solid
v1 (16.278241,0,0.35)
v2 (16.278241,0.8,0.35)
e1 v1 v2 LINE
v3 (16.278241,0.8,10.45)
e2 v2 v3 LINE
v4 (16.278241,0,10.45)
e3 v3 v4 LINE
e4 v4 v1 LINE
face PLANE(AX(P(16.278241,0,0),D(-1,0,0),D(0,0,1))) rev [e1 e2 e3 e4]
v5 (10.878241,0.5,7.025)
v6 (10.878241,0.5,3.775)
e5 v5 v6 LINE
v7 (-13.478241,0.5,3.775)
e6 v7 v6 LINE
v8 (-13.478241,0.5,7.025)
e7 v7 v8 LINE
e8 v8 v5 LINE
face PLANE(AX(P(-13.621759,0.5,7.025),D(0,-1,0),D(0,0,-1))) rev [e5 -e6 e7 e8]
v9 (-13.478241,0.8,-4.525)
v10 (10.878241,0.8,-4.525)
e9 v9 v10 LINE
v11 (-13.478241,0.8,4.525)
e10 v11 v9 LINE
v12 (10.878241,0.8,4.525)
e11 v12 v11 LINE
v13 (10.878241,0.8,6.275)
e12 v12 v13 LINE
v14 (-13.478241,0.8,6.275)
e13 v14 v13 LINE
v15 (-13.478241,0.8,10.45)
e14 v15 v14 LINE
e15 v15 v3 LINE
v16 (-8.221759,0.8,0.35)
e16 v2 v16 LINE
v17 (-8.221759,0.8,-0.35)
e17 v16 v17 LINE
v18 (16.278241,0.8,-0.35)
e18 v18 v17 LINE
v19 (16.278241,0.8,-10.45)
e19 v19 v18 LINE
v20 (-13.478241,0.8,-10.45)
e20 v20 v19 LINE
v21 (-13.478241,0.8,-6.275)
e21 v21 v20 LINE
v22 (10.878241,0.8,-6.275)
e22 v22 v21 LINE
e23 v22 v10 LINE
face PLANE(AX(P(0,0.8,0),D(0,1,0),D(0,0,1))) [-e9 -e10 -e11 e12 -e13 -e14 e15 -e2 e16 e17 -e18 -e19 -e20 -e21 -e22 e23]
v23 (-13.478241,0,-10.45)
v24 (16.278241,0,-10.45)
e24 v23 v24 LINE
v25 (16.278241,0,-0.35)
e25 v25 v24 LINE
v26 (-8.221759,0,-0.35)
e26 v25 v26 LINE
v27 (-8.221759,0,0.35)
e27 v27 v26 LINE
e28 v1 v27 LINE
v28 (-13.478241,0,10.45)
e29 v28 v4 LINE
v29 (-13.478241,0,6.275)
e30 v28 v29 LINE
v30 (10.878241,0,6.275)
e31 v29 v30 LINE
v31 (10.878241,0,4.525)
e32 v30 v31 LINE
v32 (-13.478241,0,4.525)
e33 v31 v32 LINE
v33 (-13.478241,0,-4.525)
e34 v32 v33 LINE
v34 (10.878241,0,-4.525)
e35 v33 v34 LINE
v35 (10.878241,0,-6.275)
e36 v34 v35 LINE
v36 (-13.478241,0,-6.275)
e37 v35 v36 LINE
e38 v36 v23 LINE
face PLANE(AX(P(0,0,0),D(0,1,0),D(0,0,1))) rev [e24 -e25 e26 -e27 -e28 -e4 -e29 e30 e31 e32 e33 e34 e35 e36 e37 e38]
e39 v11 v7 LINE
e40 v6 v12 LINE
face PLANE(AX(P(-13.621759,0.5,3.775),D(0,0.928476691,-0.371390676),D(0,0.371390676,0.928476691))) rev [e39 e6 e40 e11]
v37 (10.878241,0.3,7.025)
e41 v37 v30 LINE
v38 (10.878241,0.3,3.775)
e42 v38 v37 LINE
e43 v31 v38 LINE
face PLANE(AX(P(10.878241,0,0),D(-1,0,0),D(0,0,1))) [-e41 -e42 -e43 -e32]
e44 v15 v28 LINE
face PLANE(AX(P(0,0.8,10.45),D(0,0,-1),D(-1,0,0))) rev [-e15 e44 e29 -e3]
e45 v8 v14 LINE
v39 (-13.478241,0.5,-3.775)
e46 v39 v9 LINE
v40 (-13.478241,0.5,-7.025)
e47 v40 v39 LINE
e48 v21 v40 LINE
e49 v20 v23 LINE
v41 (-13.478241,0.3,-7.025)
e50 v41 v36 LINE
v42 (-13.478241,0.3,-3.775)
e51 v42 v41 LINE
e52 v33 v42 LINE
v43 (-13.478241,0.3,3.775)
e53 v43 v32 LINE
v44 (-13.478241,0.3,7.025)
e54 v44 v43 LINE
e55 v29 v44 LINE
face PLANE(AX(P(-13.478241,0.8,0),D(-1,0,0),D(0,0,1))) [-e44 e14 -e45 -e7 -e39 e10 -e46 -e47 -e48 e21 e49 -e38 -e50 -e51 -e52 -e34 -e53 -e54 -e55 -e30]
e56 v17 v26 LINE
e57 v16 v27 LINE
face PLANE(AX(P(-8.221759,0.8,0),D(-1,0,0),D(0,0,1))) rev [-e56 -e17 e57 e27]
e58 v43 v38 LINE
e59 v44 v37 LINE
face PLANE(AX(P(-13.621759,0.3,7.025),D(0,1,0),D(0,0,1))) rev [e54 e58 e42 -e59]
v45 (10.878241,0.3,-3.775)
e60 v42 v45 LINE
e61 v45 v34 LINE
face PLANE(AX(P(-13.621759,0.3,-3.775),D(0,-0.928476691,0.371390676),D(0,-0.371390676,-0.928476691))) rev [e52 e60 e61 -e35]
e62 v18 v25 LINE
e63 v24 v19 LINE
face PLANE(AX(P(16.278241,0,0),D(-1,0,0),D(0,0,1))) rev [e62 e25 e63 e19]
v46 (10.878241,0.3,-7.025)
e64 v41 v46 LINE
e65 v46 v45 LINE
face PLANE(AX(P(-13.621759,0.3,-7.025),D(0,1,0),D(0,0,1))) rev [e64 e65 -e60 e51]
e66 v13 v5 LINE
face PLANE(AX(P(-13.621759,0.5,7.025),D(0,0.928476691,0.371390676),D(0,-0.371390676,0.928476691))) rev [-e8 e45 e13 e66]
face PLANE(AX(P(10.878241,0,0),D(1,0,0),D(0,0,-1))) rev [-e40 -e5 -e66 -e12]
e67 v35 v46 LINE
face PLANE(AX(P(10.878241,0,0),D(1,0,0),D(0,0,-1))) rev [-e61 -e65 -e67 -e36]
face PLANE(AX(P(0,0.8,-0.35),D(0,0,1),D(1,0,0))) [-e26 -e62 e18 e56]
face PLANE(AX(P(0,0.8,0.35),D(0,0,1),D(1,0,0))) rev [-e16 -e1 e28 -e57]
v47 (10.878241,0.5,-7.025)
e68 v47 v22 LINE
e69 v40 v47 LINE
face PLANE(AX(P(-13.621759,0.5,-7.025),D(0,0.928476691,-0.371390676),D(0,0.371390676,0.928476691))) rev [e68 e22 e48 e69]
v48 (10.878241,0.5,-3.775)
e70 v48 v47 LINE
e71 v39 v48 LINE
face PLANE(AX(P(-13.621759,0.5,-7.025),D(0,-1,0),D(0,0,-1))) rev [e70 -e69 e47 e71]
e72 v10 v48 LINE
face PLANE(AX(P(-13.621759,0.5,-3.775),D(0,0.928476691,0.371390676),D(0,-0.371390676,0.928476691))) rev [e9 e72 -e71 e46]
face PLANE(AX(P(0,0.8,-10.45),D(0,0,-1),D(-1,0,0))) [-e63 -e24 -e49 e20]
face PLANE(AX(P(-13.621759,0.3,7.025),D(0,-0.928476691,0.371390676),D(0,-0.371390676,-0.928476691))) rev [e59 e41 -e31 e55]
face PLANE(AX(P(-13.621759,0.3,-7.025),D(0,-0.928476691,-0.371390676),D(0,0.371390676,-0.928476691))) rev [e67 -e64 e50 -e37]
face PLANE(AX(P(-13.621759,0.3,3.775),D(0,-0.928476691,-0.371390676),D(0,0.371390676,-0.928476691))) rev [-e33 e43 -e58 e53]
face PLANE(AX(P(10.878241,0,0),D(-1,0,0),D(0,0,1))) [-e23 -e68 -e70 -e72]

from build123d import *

# Parameters (mm, degrees)
BOSS_EXTRUDE1_DEPTH = 0.8
CUT_EXTRUDE1_START  = -2.6
CUT_EXTRUDE1_DEPTH  = 24.5
SKETCH4_W           = 10.1
SKETCH4_H           = 0.8
BOSS_EXTRUDE2_DEPTH = 2.8


with BuildPart() as part:
    # Sketch1 → Boss-Extrude1 (new body)
    with BuildSketch(Plane(origin=(0, 0, 0), x_dir=(1, 0, 0), z_dir=(0, 1, 0))):
        Polygon((13.478240741, 10.45), (-13.478240741, 10.45), (-13.478240741, -10.45), (13.478240741, -10.45), (13.478240741, -0.35), (-8.221759259, -0.35), (-8.221759259, 0.35), (13.478240741, 0.35), align=None)
    extrude(amount=BOSS_EXTRUDE1_DEPTH)

    # Sketch2 → Cut-Extrude1 (cut)
    with BuildSketch(Plane(origin=(13.478240741, 0, 0), x_dir=(0, 0, -1), z_dir=(1, 0, 0)).offset(CUT_EXTRUDE1_START)):
        Polygon((-7.025, 0.5), (-3.775, 0.5), (-4.525, 0.8), (-6.275, 0.8), align=None)
        Polygon((-7.025, 0.3), (-6.275, 0), (-4.525, 0), (-3.775, 0.3), align=None)
        Polygon((7.025, 0.3), (3.775, 0.3), (4.525, 0), (6.275, 0), align=None)
        Polygon((7.025, 0.5), (6.275, 0.8), (4.525, 0.8), (3.775, 0.5), align=None)
    extrude(amount=-CUT_EXTRUDE1_DEPTH, mode=Mode.SUBTRACT)

    # Sketch4 → Boss-Extrude2 (add)
    with BuildSketch(Plane(origin=(13.478240741, 0, 0), x_dir=(0, 0, -1), z_dir=(1, 0, 0))):
        with Locations((-5.4, 0.4)):
            Rectangle(SKETCH4_W, SKETCH4_H)
        with Locations((5.4, 0.4)):
            Rectangle(SKETCH4_W, SKETCH4_H)
    extrude(amount=BOSS_EXTRUDE2_DEPTH)


solid = part.part
